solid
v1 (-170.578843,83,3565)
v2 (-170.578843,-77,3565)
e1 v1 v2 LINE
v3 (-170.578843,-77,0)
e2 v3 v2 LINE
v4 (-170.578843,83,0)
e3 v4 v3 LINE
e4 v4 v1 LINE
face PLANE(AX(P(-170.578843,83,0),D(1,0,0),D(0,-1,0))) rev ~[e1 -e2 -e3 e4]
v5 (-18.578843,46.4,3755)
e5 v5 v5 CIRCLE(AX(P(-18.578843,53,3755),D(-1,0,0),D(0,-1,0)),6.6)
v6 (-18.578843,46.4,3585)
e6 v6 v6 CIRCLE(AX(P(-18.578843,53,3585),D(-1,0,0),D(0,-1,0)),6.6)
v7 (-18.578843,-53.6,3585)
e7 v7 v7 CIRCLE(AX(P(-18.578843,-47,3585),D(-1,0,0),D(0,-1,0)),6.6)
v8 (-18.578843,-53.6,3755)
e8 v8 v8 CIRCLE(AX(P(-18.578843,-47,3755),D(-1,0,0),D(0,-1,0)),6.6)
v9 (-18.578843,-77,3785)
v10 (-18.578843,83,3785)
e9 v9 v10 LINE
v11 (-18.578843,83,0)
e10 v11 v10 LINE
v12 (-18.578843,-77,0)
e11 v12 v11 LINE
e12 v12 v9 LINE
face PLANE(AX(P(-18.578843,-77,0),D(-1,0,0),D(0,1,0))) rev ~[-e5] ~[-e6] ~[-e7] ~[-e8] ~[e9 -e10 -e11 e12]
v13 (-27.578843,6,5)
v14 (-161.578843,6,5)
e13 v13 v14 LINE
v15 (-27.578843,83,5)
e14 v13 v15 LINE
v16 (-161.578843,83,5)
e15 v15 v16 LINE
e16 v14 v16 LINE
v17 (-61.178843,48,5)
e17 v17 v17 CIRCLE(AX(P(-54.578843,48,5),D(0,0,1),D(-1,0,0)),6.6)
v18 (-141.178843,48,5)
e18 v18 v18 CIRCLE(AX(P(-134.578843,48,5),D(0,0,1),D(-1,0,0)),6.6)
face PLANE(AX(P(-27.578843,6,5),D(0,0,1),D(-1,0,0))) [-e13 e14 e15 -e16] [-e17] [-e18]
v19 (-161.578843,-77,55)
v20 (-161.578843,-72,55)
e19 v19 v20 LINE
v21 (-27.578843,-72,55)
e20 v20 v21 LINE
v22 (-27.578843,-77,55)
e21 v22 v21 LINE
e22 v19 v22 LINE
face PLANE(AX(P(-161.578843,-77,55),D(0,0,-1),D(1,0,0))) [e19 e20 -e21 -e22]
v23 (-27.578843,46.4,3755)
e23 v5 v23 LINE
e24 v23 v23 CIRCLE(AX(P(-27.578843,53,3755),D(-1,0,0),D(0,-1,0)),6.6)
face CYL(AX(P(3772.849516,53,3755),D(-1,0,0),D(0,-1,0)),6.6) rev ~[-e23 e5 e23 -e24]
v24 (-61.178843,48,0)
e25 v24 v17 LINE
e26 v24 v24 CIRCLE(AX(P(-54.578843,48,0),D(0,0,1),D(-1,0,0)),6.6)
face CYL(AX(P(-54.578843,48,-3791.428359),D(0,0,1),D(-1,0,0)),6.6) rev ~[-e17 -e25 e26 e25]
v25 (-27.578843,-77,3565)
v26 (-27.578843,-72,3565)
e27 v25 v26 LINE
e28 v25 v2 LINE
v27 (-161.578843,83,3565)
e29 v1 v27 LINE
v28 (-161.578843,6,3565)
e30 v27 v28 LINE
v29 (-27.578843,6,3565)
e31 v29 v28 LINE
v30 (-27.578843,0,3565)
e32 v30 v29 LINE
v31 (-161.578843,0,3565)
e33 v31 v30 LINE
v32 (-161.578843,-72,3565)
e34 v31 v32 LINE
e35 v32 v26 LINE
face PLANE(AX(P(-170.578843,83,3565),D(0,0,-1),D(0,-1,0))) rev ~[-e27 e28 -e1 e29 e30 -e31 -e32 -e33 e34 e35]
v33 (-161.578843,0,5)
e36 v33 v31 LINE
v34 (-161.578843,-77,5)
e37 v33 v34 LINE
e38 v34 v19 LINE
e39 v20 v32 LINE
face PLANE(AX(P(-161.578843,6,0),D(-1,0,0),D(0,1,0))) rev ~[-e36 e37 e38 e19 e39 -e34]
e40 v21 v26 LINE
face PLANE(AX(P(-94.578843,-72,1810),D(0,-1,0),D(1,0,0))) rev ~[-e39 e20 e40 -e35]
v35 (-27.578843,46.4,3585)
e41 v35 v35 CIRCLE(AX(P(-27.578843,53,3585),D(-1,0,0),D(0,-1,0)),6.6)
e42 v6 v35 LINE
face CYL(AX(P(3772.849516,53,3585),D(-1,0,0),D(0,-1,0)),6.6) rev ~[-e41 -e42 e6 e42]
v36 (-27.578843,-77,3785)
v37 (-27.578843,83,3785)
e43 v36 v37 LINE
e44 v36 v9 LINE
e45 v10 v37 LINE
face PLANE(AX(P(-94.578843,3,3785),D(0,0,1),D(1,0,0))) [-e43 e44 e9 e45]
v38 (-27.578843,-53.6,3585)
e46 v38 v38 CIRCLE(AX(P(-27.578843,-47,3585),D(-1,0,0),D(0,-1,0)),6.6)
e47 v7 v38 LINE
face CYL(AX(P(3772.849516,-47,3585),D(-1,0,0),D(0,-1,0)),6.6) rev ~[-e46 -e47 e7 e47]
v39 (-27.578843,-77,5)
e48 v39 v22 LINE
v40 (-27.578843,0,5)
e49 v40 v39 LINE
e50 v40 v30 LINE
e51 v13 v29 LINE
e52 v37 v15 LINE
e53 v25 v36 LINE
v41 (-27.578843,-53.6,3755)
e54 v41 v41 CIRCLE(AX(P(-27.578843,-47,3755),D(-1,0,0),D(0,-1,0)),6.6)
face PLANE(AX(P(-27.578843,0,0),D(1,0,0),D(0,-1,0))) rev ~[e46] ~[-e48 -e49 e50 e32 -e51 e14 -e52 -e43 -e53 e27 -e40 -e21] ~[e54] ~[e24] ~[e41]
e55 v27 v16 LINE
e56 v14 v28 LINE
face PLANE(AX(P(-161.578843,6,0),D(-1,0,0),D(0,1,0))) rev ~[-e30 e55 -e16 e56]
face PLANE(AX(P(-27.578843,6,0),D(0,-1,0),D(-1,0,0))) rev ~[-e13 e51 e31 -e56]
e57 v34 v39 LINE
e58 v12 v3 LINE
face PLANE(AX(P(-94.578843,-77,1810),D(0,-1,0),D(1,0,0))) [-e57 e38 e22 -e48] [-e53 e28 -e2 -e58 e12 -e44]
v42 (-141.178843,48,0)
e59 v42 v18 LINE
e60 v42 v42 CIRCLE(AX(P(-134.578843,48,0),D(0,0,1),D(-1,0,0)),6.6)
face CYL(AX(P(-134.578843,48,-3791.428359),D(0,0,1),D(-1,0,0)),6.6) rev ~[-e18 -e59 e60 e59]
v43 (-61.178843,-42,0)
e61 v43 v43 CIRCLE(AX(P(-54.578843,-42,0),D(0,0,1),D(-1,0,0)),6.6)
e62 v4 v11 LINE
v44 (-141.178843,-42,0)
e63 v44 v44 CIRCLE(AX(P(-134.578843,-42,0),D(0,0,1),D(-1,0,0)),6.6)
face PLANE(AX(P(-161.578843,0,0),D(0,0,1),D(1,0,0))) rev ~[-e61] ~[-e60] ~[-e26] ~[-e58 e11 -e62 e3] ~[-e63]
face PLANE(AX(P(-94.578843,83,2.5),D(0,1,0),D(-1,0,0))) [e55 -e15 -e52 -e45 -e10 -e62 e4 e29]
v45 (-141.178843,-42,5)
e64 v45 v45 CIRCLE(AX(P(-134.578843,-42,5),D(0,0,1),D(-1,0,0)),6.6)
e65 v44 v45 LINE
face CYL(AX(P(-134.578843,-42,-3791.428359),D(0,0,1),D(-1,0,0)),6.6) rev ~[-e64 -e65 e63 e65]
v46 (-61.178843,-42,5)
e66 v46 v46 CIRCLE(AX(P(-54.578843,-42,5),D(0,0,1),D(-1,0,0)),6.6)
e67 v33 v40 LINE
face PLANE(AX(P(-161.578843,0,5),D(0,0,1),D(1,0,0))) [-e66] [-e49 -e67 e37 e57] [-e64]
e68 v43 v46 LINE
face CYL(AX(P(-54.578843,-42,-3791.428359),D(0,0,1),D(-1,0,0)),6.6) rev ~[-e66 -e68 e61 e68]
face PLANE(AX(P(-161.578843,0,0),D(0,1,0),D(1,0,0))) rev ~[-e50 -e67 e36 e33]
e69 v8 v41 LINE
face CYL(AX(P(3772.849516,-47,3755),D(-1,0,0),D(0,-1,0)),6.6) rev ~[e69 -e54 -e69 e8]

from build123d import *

# Parameters (mm, degrees)
F1_DEPTH  = 3785
F2_W      = 134
F2_H      = 220
F3_DEPTH  = 100
F4_W      = 160
F4_H      = 220
F5_DEPTH  = 25
F7_D      = 13.2
F8_W      = 134
F8_H      = 5
F9_DEPTH  = 77
F10_W     = 134
F10_H     = 5
F11_DEPTH = 77
F13_D     = 13.2
F14_W     = 134
F14_H     = 3510
F15_DEPTH = 5


with BuildPart() as f1:
    # F0 (on Top) → F1 (new body)
    with BuildSketch(Plane.XY):
        Polygon((-170.5788427117, 83), (-170.5788427117, -77), (-161.5788427117, -77), (-161.5788427117, 0), (-27.5788427117, 0), (-27.5788427117, -77), (-18.5788427117, -77), (-18.5788427117, 83), (-27.5788427117, 83), (-27.5788427117, 6), (-161.5788427117, 6), (-161.5788427117, 83), align=None)
    extrude(amount=F1_DEPTH)

    # F2 (on face) → F3 (cut)
    with BuildSketch(Plane.XZ):
        with Locations((-94.5788427117, 3675)):
            Rectangle(F2_W, F2_H)
    extrude(amount=-F3_DEPTH, mode=Mode.SUBTRACT)

    # F4 (on face) → F5 (cut)
    with BuildSketch(Plane(origin=(-170.5788427117, 0, 0), x_dir=(0, -1, 0), z_dir=(-1, 0, 0))):
        with Locations((-3, 3675)):
            Rectangle(F4_W, F4_H)
    extrude(amount=-F5_DEPTH, mode=Mode.SUBTRACT)

    # F7 (through all)
    with Locations(Plane.YZ.offset(-18.5788427117)):
        with Locations((-47, 3755), (53, 3755), (-47, 3585), (53, 3585)):
            Hole(F7_D / 2)

    # F8 (on face) → F9 (join)
    with BuildSketch(Plane(origin=(0, 6, 0), x_dir=(-1, 0, 0), z_dir=(0, 1, 0))):
        with Locations((94.5788427117, 2.5)):
            Rectangle(F8_W, F8_H)
    extrude(amount=F9_DEPTH)

    # F10 (on face) → F11 (join)
    with BuildSketch(Plane.XZ):
        with Locations((-94.5788427117, 2.5)):
            Rectangle(F10_W, F10_H)
    extrude(amount=F11_DEPTH)

    # F13 (through all)
    with Locations(Plane(origin=(0, 0, 0), x_dir=(1, 0, 0), z_dir=(0, 0, -1))):
        with Locations((-54.5788427117, -48), (-54.5788427117, 42), (-134.5788427117, 42), (-134.5788427117, -48)):
            Hole(F13_D / 2)

    # F14 (on face) → F15 (join)
    with BuildSketch(Plane.XZ.offset(77)):
        with Locations((-94.5788427117, 1810)):
            Rectangle(F14_W, F14_H)
    extrude(amount=-F15_DEPTH)


solid = f1.part
